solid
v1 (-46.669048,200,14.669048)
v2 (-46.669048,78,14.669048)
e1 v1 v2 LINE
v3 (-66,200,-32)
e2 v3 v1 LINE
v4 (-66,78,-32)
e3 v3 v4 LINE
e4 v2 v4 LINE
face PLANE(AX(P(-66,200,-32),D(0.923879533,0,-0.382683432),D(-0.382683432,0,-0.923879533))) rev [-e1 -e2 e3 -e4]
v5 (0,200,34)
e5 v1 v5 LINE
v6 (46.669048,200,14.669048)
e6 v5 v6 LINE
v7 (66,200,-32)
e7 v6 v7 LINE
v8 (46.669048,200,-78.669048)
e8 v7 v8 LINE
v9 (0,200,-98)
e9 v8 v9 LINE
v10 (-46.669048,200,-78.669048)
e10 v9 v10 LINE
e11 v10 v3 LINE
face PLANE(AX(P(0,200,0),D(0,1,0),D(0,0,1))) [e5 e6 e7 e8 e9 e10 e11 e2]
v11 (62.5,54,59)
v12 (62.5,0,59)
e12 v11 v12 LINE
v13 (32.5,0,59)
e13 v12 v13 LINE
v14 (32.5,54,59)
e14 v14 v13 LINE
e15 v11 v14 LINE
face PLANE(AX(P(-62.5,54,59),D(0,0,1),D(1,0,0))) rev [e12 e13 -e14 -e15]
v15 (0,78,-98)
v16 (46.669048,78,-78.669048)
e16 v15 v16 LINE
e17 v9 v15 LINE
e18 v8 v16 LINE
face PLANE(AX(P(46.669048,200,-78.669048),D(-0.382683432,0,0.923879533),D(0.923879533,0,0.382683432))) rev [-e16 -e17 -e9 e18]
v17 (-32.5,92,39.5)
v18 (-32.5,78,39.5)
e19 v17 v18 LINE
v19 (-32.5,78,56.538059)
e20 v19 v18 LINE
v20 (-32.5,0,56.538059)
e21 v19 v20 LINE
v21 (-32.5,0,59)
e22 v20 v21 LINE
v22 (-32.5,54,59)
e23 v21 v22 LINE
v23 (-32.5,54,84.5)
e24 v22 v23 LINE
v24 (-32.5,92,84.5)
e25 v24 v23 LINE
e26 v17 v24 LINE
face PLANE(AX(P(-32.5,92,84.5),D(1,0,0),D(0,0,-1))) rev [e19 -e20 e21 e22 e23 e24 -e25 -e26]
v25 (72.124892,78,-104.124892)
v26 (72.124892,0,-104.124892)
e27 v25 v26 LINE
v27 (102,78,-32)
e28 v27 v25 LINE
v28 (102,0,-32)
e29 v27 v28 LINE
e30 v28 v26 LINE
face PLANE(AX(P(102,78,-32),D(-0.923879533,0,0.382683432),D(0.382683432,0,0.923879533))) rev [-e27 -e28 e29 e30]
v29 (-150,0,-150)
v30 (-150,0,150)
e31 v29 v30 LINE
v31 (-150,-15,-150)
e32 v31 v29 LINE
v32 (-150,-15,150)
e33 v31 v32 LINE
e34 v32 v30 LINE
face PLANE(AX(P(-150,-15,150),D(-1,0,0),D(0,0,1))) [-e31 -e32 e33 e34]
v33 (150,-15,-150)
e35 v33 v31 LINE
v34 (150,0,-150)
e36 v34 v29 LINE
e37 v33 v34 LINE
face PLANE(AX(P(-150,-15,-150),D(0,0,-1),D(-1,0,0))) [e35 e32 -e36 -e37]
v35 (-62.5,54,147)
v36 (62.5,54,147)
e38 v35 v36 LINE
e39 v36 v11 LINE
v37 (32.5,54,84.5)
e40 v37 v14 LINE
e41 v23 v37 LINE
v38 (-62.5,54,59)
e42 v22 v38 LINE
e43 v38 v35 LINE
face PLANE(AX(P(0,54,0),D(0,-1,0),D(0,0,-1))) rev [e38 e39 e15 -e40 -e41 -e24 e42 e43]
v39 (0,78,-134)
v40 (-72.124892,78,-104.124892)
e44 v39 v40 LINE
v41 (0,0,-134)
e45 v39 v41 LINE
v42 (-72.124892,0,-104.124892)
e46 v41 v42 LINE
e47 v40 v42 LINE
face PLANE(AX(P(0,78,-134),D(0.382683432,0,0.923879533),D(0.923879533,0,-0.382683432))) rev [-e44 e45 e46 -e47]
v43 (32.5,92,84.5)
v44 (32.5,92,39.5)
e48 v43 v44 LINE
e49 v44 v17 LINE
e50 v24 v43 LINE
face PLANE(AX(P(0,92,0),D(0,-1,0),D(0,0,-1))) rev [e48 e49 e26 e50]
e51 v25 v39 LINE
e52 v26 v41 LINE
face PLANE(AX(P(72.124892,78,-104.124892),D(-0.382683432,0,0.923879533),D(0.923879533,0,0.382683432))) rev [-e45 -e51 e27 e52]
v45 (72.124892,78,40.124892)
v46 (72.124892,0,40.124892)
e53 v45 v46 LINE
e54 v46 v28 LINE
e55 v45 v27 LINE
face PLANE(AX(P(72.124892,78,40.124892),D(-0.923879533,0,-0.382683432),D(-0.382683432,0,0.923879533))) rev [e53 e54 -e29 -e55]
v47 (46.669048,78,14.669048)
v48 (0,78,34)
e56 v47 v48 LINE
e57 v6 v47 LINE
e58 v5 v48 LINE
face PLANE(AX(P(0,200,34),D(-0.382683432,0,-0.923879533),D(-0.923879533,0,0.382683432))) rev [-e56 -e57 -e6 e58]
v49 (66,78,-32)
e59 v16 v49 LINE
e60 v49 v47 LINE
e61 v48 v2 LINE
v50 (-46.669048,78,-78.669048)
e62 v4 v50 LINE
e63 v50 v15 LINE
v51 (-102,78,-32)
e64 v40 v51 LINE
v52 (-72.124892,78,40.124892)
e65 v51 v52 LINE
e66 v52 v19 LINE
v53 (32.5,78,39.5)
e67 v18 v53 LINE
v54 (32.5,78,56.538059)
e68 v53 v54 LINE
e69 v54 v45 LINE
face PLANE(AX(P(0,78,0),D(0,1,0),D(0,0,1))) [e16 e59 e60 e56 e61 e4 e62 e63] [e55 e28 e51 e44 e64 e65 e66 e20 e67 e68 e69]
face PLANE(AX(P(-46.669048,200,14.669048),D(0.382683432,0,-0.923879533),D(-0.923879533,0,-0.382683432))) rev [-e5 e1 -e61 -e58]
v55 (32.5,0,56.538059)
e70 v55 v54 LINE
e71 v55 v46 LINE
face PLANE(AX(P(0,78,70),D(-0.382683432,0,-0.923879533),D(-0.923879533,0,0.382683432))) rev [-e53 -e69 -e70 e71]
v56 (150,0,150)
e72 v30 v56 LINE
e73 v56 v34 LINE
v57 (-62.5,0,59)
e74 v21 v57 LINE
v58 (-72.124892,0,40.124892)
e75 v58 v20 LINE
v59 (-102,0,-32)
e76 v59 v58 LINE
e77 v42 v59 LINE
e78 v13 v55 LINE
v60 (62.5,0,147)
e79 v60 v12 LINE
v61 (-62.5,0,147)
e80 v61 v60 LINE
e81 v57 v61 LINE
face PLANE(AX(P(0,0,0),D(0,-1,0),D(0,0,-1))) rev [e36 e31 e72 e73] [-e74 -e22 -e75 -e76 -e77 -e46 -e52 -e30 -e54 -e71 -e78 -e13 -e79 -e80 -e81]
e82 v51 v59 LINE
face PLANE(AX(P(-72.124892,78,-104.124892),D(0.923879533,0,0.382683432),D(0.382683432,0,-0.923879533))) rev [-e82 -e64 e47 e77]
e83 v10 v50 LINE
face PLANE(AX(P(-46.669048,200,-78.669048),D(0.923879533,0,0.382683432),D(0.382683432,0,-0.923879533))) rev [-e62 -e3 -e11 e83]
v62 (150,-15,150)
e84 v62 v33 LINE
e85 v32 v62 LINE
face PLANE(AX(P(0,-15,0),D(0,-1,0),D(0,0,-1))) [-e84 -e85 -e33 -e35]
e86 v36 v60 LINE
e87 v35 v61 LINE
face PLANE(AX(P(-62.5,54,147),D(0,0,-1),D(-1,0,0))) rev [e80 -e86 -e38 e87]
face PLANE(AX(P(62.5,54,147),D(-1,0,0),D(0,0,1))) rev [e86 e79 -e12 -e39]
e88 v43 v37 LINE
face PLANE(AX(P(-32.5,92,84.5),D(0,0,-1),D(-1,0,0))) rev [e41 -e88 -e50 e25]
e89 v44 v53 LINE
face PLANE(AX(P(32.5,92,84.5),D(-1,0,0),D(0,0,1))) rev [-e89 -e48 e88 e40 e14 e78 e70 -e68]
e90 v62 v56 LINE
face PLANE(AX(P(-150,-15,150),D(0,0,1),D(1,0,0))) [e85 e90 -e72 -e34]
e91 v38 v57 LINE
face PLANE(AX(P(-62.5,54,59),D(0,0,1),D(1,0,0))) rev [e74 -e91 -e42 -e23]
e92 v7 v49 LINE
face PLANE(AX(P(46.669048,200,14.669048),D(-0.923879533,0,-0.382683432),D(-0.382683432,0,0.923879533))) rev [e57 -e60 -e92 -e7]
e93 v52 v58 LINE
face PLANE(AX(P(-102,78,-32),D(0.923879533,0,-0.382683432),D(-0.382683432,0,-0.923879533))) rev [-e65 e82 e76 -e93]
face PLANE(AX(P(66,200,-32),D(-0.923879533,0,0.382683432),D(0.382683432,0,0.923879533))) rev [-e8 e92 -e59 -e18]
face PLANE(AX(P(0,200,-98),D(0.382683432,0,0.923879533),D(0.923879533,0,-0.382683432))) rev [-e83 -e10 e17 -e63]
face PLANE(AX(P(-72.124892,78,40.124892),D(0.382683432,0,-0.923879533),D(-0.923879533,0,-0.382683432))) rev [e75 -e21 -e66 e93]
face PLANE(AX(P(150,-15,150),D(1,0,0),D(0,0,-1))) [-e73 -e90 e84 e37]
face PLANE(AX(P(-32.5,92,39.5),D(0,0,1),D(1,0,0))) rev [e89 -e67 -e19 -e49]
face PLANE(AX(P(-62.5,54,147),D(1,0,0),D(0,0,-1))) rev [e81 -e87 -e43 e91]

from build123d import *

# Parameters (mm, degrees)
SKETCH_1_W      = 300
SKETCH_1_H      = 300
EXTRUDE_1_DEPTH = 15
EXTRUDE_2_DEPTH = 78
EXTRUDE_3_DEPTH = 200
SKETCH_4_W      = 125
SKETCH_4_H      = 88
EXTRUDE_4_DEPTH = 54
SKETCH_5_W      = 65
SKETCH_5_H      = 45
EXTRUDE_5_DEPTH = 92


with BuildPart() as part:
    # 草图1 → 凸台-拉伸1 (new body)
    with BuildSketch(Plane(origin=(0, 0, 0), x_dir=(1, 0, 0), z_dir=(0, 1, 0))):
        Rectangle(SKETCH_1_W, SKETCH_1_H)
    extrude(amount=-EXTRUDE_1_DEPTH)

    # 草图2 → 凸台-拉伸2 (add)
    with BuildSketch(Plane(origin=(0, 0, 0), x_dir=(1, 0, 0), z_dir=(0, 1, 0))):
        Polygon((102, 32), (72.124891681, 104.124891681), (0, 134), (-72.124891681, 104.124891681), (-102, 32), (-72.124891681, -40.124891681), (0, -70), (72.124891681, -40.124891681), align=None)
    extrude(amount=EXTRUDE_2_DEPTH)

    # 草图3 → 凸台-拉伸3 (add)
    with BuildSketch(Plane(origin=(0, 0, 0), x_dir=(1, 0, 0), z_dir=(0, 1, 0))):
        Polygon((66, 32), (46.669047558, 78.669047558), (0, 98), (-46.669047558, 78.669047558), (-66, 32), (-46.669047558, -14.669047558), (0, -34), (46.669047558, -14.669047558), align=None)
    extrude(amount=EXTRUDE_3_DEPTH)

    # 草图4 → 凸台-拉伸4 (add)
    with BuildSketch(Plane(origin=(0, 0, 0), x_dir=(1, 0, 0), z_dir=(0, 1, 0))):
        with Locations((0, -103)):
            Rectangle(SKETCH_4_W, SKETCH_4_H)
    extrude(amount=EXTRUDE_4_DEPTH)

    # 草图5 → 凸台-拉伸5 (add)
    with BuildSketch(Plane(origin=(0, 0, 0), x_dir=(1, 0, 0), z_dir=(0, 1, 0))):
        with Locations((0, -62)):
            Rectangle(SKETCH_5_W, SKETCH_5_H)
    extrude(amount=EXTRUDE_5_DEPTH)


solid = part.part
